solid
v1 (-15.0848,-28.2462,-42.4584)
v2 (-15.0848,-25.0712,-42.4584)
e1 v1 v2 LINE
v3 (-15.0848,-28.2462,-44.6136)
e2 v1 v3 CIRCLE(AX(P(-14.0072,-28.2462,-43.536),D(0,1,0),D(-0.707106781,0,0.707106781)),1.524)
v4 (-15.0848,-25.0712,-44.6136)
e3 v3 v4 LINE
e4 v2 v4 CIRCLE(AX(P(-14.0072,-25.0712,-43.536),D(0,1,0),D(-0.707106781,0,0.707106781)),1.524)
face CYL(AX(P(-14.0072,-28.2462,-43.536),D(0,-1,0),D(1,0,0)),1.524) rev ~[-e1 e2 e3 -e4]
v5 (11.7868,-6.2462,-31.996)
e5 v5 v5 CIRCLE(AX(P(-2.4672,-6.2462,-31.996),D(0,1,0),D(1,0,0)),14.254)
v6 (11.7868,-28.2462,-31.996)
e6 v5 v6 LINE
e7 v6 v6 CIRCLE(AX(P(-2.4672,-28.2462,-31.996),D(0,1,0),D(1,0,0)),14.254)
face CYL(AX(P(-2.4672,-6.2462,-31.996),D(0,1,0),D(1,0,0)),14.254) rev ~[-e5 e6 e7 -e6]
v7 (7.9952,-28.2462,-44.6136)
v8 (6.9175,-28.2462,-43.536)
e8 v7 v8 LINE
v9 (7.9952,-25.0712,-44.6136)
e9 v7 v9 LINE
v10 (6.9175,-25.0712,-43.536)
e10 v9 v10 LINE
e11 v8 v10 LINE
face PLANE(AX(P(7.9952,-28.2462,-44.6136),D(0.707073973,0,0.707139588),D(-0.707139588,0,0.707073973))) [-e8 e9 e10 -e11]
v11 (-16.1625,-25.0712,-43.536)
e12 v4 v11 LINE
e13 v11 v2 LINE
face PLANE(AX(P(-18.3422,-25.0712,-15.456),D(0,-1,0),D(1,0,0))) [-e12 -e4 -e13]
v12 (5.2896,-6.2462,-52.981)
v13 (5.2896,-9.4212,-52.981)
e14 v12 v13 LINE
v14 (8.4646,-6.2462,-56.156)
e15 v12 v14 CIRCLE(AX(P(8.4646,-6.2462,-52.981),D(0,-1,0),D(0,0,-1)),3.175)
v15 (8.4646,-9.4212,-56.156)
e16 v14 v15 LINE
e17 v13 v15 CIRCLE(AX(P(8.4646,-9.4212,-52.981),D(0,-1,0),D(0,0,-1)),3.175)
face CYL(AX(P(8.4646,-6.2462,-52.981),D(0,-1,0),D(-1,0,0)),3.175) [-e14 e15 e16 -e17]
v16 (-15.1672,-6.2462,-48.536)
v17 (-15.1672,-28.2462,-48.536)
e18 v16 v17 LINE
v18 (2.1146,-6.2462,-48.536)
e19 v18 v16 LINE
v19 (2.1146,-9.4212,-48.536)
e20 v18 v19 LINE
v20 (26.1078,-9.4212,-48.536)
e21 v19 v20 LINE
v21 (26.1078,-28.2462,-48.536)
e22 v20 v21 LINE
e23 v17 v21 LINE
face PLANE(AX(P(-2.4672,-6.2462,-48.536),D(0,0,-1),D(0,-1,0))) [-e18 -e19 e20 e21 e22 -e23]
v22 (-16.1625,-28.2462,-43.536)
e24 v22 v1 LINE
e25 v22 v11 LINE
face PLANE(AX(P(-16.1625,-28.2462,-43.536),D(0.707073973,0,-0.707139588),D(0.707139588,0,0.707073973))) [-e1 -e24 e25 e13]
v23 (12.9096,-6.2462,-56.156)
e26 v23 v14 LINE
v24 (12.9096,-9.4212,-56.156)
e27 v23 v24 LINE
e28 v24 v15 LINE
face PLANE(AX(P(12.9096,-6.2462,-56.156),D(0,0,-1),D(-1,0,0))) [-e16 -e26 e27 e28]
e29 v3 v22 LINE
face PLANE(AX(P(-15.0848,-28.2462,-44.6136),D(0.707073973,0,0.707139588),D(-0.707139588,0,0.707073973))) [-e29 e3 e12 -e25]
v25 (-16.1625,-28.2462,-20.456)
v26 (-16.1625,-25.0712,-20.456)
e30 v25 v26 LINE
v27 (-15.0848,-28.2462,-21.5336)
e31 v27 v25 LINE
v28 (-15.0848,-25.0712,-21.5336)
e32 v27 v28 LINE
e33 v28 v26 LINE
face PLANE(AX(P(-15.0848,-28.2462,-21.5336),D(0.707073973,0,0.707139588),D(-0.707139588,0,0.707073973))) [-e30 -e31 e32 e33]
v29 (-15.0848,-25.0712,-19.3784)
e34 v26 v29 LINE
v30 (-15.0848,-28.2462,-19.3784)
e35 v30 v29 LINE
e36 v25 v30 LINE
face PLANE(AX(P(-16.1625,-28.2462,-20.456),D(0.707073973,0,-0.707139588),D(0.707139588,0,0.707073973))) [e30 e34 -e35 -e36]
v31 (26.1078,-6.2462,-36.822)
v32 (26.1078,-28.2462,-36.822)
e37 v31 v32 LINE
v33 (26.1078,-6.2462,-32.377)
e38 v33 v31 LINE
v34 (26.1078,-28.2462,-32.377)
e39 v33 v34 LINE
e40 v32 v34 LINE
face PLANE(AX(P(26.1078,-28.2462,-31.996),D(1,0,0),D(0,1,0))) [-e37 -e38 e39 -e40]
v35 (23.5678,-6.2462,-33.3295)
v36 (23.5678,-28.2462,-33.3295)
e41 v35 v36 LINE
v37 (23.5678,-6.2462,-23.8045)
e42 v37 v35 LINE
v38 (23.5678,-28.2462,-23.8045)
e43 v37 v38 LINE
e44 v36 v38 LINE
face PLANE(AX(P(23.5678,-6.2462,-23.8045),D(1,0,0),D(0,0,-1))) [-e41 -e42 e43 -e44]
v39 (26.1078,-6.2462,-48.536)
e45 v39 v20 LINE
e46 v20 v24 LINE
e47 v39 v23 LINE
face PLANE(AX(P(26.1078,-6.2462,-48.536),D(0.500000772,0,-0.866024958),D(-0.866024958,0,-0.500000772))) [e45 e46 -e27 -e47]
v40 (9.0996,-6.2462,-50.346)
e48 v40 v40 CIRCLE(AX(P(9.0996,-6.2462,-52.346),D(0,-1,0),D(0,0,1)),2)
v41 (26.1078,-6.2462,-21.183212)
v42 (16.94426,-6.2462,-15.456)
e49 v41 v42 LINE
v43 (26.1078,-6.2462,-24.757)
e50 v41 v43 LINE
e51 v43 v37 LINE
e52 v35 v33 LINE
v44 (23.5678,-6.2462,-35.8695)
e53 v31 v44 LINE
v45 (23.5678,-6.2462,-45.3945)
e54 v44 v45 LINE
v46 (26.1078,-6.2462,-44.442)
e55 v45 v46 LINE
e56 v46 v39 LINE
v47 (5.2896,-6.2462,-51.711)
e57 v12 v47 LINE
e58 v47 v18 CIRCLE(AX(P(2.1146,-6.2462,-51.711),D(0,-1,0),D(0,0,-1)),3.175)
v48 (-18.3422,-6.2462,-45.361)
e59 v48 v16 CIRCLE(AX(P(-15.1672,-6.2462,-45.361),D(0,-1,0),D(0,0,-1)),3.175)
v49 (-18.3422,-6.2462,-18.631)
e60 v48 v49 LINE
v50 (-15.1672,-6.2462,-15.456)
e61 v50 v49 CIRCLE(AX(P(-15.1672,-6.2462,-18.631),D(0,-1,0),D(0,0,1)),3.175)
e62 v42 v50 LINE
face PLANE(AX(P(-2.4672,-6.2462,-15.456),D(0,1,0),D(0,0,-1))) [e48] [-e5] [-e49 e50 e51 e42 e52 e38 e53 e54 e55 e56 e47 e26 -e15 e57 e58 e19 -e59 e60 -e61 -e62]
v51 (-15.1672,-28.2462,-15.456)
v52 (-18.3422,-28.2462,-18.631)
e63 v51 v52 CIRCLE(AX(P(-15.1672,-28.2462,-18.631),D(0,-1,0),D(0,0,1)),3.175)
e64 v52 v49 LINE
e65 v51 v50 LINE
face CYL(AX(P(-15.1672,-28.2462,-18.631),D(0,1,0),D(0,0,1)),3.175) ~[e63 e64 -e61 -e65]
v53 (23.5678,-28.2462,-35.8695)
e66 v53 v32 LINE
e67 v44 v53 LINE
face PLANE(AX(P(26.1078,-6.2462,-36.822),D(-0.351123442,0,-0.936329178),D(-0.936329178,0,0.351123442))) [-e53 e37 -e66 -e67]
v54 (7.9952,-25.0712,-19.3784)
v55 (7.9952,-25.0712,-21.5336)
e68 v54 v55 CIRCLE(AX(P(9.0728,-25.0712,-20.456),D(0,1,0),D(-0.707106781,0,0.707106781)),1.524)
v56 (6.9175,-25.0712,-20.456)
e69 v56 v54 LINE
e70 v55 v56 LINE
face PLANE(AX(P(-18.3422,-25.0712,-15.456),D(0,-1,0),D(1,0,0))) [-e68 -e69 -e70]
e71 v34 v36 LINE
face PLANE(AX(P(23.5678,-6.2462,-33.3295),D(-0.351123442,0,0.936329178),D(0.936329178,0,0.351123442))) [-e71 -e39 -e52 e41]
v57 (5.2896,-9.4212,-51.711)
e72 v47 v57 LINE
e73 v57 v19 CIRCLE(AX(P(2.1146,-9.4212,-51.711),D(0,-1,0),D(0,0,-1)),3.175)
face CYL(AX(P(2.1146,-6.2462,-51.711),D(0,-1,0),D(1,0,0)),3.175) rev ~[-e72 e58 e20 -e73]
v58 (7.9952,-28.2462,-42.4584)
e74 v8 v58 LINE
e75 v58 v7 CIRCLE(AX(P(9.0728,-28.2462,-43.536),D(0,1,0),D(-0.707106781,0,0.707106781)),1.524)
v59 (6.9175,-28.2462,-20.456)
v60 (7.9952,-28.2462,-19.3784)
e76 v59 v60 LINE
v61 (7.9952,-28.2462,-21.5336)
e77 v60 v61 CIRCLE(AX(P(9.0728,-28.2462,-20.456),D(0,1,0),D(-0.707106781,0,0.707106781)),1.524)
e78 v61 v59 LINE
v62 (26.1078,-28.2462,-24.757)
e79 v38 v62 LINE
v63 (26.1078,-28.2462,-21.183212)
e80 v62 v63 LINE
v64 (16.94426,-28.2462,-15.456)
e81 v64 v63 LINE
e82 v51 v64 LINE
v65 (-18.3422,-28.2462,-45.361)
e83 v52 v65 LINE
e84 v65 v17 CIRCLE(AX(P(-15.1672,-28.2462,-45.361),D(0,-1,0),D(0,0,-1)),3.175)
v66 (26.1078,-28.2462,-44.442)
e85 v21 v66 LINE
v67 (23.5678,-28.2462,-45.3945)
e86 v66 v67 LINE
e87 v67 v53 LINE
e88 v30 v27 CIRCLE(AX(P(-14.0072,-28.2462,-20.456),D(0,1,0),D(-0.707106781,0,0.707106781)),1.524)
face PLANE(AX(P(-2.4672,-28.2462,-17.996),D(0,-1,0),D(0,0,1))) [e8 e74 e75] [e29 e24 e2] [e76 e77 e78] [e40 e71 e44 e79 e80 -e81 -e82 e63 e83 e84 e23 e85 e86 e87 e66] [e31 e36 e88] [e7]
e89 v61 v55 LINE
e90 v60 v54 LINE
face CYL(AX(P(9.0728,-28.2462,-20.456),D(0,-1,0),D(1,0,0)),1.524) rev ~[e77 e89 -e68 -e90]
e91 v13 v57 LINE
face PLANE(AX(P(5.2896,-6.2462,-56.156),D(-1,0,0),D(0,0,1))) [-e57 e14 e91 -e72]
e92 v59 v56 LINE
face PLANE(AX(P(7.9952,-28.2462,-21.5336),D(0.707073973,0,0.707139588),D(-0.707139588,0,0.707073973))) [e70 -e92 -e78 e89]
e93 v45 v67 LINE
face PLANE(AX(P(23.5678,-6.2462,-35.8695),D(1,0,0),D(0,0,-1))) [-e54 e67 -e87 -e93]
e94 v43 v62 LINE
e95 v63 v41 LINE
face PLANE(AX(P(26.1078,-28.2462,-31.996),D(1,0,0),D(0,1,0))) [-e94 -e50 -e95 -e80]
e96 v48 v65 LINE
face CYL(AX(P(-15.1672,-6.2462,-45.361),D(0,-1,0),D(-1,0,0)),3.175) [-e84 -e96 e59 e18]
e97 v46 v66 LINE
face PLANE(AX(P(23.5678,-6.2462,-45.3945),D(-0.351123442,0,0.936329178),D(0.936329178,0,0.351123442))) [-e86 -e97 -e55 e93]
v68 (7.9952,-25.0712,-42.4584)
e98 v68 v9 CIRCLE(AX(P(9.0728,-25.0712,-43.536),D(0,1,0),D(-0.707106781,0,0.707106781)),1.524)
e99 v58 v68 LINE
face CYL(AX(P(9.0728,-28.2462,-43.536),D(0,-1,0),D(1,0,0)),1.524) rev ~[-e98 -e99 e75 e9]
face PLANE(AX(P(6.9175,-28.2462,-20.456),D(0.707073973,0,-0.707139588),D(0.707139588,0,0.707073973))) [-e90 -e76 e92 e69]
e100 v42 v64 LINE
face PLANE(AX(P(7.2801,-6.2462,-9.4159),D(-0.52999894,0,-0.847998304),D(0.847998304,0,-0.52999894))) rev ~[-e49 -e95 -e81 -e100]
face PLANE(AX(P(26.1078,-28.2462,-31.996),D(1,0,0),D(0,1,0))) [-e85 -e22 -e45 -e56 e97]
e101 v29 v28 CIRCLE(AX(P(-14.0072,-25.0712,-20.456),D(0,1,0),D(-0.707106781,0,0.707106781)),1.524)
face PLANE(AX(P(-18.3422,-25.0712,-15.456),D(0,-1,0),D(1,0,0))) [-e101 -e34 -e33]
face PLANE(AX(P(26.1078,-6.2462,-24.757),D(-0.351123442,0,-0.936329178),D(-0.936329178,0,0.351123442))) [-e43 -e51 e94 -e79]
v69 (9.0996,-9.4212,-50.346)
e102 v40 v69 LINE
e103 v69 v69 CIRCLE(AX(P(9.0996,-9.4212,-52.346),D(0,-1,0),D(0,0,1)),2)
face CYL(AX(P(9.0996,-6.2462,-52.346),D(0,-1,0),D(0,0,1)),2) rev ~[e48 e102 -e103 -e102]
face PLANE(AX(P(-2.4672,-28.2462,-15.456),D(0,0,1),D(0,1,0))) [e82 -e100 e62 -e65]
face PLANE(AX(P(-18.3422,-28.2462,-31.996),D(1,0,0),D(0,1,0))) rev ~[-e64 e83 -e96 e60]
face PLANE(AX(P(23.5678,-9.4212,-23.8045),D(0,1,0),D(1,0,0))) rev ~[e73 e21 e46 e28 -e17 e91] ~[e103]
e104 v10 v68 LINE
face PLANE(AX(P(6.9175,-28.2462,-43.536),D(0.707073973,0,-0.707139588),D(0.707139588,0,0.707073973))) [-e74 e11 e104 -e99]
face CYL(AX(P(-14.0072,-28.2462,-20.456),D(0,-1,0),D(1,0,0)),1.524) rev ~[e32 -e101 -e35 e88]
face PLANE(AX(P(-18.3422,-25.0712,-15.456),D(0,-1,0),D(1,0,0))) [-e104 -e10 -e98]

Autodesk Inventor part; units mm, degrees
ref_plane "YZ Plane" through (0, 0, 0) normal (1, 0, 0) x (0, 1, 0)
ref_plane "XZ Plane" through (0, 0, 0) normal (0, 1, 0) x (-1, 0, 0)
ref_plane "XY Plane" through (0, 0, 0) normal (0, 0, 1) x (1, 0, 0)
ref_plane "Work Plane1" through (-2.4672, -28.2462, -31.996) normal (1, 0, 0) x (0, 1, 0)
sketch "Sketch1" plane through (-2.4672, -28.2462, -31.996) normal (1, 0, 0) x (0, 1, 0)
  line L0 (0, 16.54) -> (22, 16.54)
  line L1 (22, 16.54) -> (22, -16.54)
  line L2 (22, -16.54) -> (0, -16.54)
  line L3 (0, -16.54) -> (0, 16.54)
  line L4 (0, -14) -> (0, 14) projected
  line L5 (0, 13) -> (22, 13) construction
  line L6 (0, -13) -> (22, -13) construction
  line L7 (22, -14) -> (22, 14) projected
  line L8 (22, 0) -> (0, 0) construction
  point P0 (28.2462, 31.996)
  dimension "d3" = 33.08
extrude "Extrusion1" add sketch "Sketch1" along normal blind 28.575 and the other way blind 15.875
sketch "Sketch5" plane through (-18.3422, -6.2462, -15.456) normal (0, 1, 0) x (1, 0, 0)
  circle A0 centre (15.875, 16.54) radius 4.5 projected
  circle A1 centre (15.875, 16.54) radius 14 projected
  circle A2 centre (15.875, 16.54) radius 14.254
  point P0 (18.3422, -15.456)
  dimension "d9" = 0.254
extrude "Extrusion2" cut sketch "Sketch5" against normal through all contours A0 | A1 | A2
sketch "Sketch6" plane through (-18.3422, -6.2462, -15.456) normal (0, 1, 0) x (1, 0, 0)
  circle A0 centre (15.875, 16.54) radius 14.254 projected
  line L0 (0, 0) -> (44.45, 0) projected
  line L1 (44.45, 33.08) -> (44.45, 0) projected
  line L2 (0, 33.08) -> (44.45, 33.08) projected
  line L3 (0, 0) -> (0, 33.08) projected
  line L4 (44.45, 9.301) -> (41.91, 8.3485)
  line L5 (41.91, 8.3485) -> (41.91, 17.8735)
  line L6 (41.91, 17.8735) -> (44.45, 16.921)
  line L7 (44.45, 21.366) -> (41.91, 20.4135)
  line L8 (41.91, 20.4135) -> (41.91, 29.9385)
  line L9 (41.91, 29.9385) -> (44.45, 28.986)
  line L10 (0, 0) -> (0, 33.08) projected
  line L11 (0, 16.54) -> (44.6434, 16.54) construction
  point P0 (18.3422, -15.456)
  point P1 (41.91, 25.176)
  point P2 (41.91, 13.111)
  dimension "d12" = 9.525
  dimension "d13" = 7.62
  dimension "d14" = 7.62
  dimension "d15" = 2.54
  dimension "d61" = 8.636
  dimension "d62" = 12.065
extrude "Extrusion3" cut sketch "Sketch6" against normal through all contours L4 L5 L6 L1 | L1 L7 L8 L9
sketch "Sketch7" plane through (-18.3422, -28.2462, -15.456) normal (0, -1, 0) x (1, 0, 0)
  circle A0 centre (4.335, -28.08) radius 1.524 projected
  circle A1 centre (4.335, -5) radius 1.524 projected
  circle A2 centre (27.415, -5) radius 1.524 projected
  circle A3 centre (27.415, -28.08) radius 1.524 projected
  line L0 (3.2574, -29.1576) -> (2.1797, -28.08)
  line L1 (2.1797, -28.08) -> (3.2574, -27.0024)
  line L2 (44.45, -28.986) -> (41.91, -29.9385) projected
  line L3 (41.91, -29.9385) -> (41.91, -20.4135) projected
  line L4 (41.91, -20.4135) -> (44.45, -21.366) projected
  line L5 (44.45, -16.921) -> (44.45, -21.366) projected
  line L6 (44.45, -16.921) -> (41.91, -17.8735) projected
  line L7 (41.91, -17.8735) -> (41.91, -8.3485) projected
  line L8 (41.91, -8.3485) -> (44.45, -9.301) projected
  line L9 (44.45, 0) -> (44.45, -9.301) projected
  line L10 (44.45, 0) -> (0, 0) projected
  line L11 (0, -33.08) -> (0, 0) projected
  line L12 (0, -33.08) -> (44.45, -33.08) projected
  line L13 (44.45, -28.986) -> (44.45, -33.08) projected
  circle A4 centre (15.875, -16.54) radius 14.254 projected
  line L14 (3.2574, -6.0776) -> (2.1797, -5)
  line L15 (2.1797, -5) -> (3.2574, -3.9224)
  line L16 (26.3374, -6.0776) -> (25.2597, -5)
  line L17 (25.2597, -5) -> (26.3374, -3.9224)
  line L18 (26.3374, -29.1576) -> (25.2597, -28.08)
  line L19 (25.2597, -28.08) -> (26.3374, -27.0024)
  point P0 (18.3422, 15.456)
extrude "Extrusion4" cut sketch "Sketch7" against normal blind 3.175 contours A0 | A0 L0 L1 | A1 | A1 L14 L15 | A2 | A2 L16 L17 | A3 | A3 L18 L19
fillet "Fillet1" radius 3.175 2 edges at (-18.3422, -17.2462, -48.536) (-18.3422, -17.2462, -15.456)
sketch "Sketch8" plane through (23.5678, -6.2462, -23.8045) normal (0, 1, 0) x (1, 0, 0)
  line L0 (5.715, -17.081) -> (5.715, -4.381)
  line L1 (5.715, -4.381) -> (-14.605, -17.081) construction
  line L2 (-14.605, -17.081) -> (5.715, -17.081)
  line L3 (-38.735, -8.3485) -> (2.54, -8.3485) projected
  line L4 (2.54, 0.9525) -> (2.54, -8.3485) projected
  line L5 (-16.2877, -14.3886) -> (4.0323, -1.6886)
  line L6 (-14.605, -17.081) -> (-16.2877, -14.3886)
  line L7 (5.715, -4.381) -> (4.0323, -1.6886)
  dimension "d26" = 20.32
  dimension "d27" = 12.7
  dimension "d28" = 8.7325
  dimension "d29" = 3.175
  dimension "d30" = 3.175
extrude "Extrusion5" cut sketch "Sketch8" along normal through all both and the other way through all
sketch "Sketch11" plane through (23.5678, -6.2462, -23.8045) normal (0, 1, 0) x (1, 0, 0)
  line L0 (2.54, 20.6375) -> (2.54, 24.7315) projected
  line L1 (2.54, 24.7315) -> (-10.6582, 32.3515)
  line L2 (-10.6582, 32.3515) -> (-18.2782, 32.3515)
  line L3 (-18.2782, 32.3515) -> (-18.2782, 24.7315)
  circle A0 centre (-26.035, 8.1915) radius 14.254 projected
  line L4 (-6.6235, -8.3485) -> (2.54, -2.6213) projected
  line L5 (2.54, 0.9525) -> (2.54, -2.6213) projected
  line L6 (2.54, 0.9525) -> (0, 0) projected
  line L7 (0, 0) -> (0, 9.525) projected
  line L8 (0, 9.525) -> (2.54, 8.5725) projected
  line L9 (2.54, 13.0175) -> (2.54, 8.5725) projected
  line L10 (2.54, 13.0175) -> (0, 12.065) projected
  line L11 (0, 12.065) -> (0, 21.59) projected
  line L12 (0, 21.59) -> (2.54, 20.6375) projected
  line L13 (2.54, 24.7315) -> (2.54, 20.6375) projected
  line L14 (-38.735, 24.7315) -> (2.54, 24.7315) projected
  arc A1 (-38.735, 24.7315) -> (-41.91, 21.5565) centre (-38.735, 21.5565) ccw projected
  line L15 (-41.91, -5.1735) -> (-41.91, 21.5565) projected
  arc A2 (-41.91, -5.1735) -> (-38.735, -8.3485) centre (-38.735, -5.1735) ccw projected
  line L16 (-38.735, -8.3485) -> (-6.6235, -8.3485) projected
  circle A3 centre (-14.4682, 28.5415) radius 1.5875
  point P0 (-23.5678, -23.8045)
  point P1 (2.54, 24.7315)
  point P2 (-41.91, 8.1915)
  dimension "d42" = 120
  dimension "d43" = 7.62
  dimension "d45" = 7.62
  dimension "d46" = 3.175
  dimension "d47" = 3.81
  dimension "d48" = 3.81
  dimension "d53" = 20.35
  dimension "d63" = 11.5668
extrude "Extrusion7" add sketch "Sketch11" against normal blind 3.175 contours L14 L3 L2 L1 | A3
fillet "Fillet2" radius 3.175 1 edges at (5.2896, -7.8337, -56.156)
fillet "Fillet3" radius 3.175 1 edges at (5.2896, -7.8337, -48.536)
hole "Hole2" at (9.0996, -6.2462, -52.346) direction (0, -1, 0) diameter 4 depth 3.175 clearance for "Hex Head Machine Screw" size "M4" standard "Ansi Metric M Profile"
equation "\"d45\" = d43"
equation "\"d47\" = 0.5 * d43"
equation "\"d48\" = 0.5 * d43"
properties part number "Brushless Motor Seat_3DPrint"
